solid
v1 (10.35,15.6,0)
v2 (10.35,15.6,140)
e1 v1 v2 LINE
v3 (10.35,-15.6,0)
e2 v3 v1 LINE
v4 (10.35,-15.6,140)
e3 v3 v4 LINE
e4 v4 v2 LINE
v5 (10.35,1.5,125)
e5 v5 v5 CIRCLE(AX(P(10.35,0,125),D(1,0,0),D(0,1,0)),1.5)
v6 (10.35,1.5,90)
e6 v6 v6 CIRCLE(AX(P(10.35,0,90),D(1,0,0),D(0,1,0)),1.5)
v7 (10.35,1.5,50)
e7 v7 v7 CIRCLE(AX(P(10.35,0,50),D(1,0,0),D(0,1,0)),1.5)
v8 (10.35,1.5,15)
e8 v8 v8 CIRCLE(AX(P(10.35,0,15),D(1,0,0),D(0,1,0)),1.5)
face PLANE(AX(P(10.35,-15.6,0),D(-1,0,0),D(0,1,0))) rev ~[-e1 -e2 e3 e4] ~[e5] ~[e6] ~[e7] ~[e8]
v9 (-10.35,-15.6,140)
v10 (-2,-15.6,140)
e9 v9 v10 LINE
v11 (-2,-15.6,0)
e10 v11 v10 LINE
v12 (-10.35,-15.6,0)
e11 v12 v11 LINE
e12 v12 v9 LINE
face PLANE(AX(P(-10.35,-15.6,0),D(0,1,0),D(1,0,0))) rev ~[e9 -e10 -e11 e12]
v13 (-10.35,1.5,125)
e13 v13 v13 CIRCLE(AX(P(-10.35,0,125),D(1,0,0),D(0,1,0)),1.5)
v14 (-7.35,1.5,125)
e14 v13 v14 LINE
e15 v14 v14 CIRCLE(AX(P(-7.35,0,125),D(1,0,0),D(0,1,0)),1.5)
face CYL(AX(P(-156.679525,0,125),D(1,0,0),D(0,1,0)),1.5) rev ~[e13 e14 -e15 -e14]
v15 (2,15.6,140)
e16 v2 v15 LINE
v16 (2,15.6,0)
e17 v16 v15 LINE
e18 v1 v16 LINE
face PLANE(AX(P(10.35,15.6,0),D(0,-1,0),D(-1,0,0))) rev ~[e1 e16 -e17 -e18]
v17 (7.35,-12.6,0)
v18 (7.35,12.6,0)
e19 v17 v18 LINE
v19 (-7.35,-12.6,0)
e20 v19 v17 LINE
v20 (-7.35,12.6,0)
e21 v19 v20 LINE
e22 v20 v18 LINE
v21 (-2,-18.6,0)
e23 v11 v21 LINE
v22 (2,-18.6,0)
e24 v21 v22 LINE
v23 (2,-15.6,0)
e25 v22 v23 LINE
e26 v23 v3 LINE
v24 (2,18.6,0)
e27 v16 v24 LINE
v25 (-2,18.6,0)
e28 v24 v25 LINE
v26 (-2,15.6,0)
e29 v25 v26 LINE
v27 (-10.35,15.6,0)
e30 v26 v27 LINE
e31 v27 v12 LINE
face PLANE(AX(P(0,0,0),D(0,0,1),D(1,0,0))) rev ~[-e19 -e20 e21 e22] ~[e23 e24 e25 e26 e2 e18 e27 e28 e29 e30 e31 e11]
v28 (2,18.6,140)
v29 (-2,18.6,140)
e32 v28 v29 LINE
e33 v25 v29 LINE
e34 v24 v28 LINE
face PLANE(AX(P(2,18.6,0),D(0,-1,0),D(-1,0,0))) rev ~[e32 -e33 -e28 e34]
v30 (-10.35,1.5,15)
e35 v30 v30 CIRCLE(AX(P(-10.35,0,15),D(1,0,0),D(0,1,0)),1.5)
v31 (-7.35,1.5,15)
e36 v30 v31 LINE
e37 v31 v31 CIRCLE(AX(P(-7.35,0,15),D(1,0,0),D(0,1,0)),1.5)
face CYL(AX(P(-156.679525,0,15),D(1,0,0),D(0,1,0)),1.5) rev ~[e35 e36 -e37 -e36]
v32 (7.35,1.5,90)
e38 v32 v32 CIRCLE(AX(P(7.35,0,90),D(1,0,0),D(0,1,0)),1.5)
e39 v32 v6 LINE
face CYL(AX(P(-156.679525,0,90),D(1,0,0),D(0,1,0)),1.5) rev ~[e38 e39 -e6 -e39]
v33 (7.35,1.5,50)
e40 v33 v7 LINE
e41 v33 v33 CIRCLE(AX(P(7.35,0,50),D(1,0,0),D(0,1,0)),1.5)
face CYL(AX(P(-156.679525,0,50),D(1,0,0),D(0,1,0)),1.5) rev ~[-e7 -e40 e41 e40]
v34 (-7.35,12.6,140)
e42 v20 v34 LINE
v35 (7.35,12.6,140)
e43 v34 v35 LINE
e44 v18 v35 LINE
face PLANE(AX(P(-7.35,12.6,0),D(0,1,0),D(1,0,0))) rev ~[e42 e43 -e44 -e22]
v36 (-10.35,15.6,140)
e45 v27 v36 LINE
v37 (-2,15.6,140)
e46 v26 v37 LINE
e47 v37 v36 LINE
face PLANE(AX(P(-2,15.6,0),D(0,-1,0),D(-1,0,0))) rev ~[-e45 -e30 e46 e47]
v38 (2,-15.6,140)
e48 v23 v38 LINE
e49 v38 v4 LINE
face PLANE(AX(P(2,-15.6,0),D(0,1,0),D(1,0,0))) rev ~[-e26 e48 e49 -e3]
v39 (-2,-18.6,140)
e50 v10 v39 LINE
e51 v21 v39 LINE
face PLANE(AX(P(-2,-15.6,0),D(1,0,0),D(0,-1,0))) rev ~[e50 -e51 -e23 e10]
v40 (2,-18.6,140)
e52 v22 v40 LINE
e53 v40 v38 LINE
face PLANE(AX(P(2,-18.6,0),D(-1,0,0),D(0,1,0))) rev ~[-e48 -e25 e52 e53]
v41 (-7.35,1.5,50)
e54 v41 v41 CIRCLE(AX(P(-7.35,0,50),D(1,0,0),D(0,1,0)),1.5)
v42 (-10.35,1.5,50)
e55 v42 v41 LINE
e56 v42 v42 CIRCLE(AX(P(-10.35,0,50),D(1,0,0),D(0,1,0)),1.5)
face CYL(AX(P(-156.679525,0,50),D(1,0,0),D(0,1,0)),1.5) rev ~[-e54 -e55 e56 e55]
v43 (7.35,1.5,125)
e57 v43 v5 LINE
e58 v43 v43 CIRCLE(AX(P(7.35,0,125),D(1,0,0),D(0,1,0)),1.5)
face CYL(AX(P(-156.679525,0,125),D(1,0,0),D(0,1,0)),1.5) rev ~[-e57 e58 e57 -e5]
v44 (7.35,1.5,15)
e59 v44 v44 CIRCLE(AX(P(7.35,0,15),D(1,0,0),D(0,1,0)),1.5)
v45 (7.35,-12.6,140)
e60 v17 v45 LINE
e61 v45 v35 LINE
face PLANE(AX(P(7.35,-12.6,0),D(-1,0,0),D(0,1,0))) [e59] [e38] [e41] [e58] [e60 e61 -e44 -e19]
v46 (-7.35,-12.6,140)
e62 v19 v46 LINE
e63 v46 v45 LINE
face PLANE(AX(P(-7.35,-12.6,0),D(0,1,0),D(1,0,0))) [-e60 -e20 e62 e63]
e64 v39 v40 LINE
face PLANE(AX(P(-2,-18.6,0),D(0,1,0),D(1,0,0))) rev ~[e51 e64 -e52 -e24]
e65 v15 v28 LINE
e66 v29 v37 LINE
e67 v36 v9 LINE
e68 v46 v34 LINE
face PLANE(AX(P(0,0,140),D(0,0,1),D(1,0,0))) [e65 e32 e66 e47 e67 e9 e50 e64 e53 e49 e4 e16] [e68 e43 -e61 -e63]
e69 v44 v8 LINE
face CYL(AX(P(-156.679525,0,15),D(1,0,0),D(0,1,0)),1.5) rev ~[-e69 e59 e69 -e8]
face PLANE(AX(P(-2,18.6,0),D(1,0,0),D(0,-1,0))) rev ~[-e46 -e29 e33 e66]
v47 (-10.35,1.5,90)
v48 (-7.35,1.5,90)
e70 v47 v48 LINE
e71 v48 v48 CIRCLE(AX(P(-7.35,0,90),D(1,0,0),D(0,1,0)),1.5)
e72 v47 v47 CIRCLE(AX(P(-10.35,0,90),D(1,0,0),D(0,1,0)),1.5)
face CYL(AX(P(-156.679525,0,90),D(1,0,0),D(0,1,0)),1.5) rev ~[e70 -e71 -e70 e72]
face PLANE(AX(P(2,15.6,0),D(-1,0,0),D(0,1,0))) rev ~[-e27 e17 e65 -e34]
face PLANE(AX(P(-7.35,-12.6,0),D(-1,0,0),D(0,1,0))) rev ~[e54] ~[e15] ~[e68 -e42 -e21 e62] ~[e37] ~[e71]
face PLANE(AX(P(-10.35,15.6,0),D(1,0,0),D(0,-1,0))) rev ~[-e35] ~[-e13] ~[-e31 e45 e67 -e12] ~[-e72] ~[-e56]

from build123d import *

# Parameters (mm, degrees)
F0_W     = 14.7
F0_H     = 25.2
F1_DEPTH = 140
F3_D     = 3


with BuildPart() as f1:
    # F0 (on Top) → F1 (new body)
    with BuildSketch(Plane.XY):
        Polygon((2, -15.6), (10.35, -15.6), (10.35, 15.6), (2, 15.6), (-2, 15.6), (-10.35, 15.6), (-10.35, -15.6), (-2, -15.6), align=None)
        Rectangle(F0_W, F0_H, mode=Mode.SUBTRACT)
        Polygon((2, -18.6), (2, -15.6), (-2, -15.6), (-2, -18.6), (0, -18.6), align=None)
        Polygon((-2, 15.6), (2, 15.6), (2, 18.6), (0, 18.6), (-2, 18.6), align=None)
    extrude(amount=F1_DEPTH)

    # F3 (through all)
    with Locations(Plane(origin=(-10.35, 0, 0), x_dir=(0, -1, 0), z_dir=(-1, 0, 0))):
        with Locations((0, 15), (0, 50), (0, 90), (0, 125)):
            Hole(F3_D / 2)


solid = f1.part
